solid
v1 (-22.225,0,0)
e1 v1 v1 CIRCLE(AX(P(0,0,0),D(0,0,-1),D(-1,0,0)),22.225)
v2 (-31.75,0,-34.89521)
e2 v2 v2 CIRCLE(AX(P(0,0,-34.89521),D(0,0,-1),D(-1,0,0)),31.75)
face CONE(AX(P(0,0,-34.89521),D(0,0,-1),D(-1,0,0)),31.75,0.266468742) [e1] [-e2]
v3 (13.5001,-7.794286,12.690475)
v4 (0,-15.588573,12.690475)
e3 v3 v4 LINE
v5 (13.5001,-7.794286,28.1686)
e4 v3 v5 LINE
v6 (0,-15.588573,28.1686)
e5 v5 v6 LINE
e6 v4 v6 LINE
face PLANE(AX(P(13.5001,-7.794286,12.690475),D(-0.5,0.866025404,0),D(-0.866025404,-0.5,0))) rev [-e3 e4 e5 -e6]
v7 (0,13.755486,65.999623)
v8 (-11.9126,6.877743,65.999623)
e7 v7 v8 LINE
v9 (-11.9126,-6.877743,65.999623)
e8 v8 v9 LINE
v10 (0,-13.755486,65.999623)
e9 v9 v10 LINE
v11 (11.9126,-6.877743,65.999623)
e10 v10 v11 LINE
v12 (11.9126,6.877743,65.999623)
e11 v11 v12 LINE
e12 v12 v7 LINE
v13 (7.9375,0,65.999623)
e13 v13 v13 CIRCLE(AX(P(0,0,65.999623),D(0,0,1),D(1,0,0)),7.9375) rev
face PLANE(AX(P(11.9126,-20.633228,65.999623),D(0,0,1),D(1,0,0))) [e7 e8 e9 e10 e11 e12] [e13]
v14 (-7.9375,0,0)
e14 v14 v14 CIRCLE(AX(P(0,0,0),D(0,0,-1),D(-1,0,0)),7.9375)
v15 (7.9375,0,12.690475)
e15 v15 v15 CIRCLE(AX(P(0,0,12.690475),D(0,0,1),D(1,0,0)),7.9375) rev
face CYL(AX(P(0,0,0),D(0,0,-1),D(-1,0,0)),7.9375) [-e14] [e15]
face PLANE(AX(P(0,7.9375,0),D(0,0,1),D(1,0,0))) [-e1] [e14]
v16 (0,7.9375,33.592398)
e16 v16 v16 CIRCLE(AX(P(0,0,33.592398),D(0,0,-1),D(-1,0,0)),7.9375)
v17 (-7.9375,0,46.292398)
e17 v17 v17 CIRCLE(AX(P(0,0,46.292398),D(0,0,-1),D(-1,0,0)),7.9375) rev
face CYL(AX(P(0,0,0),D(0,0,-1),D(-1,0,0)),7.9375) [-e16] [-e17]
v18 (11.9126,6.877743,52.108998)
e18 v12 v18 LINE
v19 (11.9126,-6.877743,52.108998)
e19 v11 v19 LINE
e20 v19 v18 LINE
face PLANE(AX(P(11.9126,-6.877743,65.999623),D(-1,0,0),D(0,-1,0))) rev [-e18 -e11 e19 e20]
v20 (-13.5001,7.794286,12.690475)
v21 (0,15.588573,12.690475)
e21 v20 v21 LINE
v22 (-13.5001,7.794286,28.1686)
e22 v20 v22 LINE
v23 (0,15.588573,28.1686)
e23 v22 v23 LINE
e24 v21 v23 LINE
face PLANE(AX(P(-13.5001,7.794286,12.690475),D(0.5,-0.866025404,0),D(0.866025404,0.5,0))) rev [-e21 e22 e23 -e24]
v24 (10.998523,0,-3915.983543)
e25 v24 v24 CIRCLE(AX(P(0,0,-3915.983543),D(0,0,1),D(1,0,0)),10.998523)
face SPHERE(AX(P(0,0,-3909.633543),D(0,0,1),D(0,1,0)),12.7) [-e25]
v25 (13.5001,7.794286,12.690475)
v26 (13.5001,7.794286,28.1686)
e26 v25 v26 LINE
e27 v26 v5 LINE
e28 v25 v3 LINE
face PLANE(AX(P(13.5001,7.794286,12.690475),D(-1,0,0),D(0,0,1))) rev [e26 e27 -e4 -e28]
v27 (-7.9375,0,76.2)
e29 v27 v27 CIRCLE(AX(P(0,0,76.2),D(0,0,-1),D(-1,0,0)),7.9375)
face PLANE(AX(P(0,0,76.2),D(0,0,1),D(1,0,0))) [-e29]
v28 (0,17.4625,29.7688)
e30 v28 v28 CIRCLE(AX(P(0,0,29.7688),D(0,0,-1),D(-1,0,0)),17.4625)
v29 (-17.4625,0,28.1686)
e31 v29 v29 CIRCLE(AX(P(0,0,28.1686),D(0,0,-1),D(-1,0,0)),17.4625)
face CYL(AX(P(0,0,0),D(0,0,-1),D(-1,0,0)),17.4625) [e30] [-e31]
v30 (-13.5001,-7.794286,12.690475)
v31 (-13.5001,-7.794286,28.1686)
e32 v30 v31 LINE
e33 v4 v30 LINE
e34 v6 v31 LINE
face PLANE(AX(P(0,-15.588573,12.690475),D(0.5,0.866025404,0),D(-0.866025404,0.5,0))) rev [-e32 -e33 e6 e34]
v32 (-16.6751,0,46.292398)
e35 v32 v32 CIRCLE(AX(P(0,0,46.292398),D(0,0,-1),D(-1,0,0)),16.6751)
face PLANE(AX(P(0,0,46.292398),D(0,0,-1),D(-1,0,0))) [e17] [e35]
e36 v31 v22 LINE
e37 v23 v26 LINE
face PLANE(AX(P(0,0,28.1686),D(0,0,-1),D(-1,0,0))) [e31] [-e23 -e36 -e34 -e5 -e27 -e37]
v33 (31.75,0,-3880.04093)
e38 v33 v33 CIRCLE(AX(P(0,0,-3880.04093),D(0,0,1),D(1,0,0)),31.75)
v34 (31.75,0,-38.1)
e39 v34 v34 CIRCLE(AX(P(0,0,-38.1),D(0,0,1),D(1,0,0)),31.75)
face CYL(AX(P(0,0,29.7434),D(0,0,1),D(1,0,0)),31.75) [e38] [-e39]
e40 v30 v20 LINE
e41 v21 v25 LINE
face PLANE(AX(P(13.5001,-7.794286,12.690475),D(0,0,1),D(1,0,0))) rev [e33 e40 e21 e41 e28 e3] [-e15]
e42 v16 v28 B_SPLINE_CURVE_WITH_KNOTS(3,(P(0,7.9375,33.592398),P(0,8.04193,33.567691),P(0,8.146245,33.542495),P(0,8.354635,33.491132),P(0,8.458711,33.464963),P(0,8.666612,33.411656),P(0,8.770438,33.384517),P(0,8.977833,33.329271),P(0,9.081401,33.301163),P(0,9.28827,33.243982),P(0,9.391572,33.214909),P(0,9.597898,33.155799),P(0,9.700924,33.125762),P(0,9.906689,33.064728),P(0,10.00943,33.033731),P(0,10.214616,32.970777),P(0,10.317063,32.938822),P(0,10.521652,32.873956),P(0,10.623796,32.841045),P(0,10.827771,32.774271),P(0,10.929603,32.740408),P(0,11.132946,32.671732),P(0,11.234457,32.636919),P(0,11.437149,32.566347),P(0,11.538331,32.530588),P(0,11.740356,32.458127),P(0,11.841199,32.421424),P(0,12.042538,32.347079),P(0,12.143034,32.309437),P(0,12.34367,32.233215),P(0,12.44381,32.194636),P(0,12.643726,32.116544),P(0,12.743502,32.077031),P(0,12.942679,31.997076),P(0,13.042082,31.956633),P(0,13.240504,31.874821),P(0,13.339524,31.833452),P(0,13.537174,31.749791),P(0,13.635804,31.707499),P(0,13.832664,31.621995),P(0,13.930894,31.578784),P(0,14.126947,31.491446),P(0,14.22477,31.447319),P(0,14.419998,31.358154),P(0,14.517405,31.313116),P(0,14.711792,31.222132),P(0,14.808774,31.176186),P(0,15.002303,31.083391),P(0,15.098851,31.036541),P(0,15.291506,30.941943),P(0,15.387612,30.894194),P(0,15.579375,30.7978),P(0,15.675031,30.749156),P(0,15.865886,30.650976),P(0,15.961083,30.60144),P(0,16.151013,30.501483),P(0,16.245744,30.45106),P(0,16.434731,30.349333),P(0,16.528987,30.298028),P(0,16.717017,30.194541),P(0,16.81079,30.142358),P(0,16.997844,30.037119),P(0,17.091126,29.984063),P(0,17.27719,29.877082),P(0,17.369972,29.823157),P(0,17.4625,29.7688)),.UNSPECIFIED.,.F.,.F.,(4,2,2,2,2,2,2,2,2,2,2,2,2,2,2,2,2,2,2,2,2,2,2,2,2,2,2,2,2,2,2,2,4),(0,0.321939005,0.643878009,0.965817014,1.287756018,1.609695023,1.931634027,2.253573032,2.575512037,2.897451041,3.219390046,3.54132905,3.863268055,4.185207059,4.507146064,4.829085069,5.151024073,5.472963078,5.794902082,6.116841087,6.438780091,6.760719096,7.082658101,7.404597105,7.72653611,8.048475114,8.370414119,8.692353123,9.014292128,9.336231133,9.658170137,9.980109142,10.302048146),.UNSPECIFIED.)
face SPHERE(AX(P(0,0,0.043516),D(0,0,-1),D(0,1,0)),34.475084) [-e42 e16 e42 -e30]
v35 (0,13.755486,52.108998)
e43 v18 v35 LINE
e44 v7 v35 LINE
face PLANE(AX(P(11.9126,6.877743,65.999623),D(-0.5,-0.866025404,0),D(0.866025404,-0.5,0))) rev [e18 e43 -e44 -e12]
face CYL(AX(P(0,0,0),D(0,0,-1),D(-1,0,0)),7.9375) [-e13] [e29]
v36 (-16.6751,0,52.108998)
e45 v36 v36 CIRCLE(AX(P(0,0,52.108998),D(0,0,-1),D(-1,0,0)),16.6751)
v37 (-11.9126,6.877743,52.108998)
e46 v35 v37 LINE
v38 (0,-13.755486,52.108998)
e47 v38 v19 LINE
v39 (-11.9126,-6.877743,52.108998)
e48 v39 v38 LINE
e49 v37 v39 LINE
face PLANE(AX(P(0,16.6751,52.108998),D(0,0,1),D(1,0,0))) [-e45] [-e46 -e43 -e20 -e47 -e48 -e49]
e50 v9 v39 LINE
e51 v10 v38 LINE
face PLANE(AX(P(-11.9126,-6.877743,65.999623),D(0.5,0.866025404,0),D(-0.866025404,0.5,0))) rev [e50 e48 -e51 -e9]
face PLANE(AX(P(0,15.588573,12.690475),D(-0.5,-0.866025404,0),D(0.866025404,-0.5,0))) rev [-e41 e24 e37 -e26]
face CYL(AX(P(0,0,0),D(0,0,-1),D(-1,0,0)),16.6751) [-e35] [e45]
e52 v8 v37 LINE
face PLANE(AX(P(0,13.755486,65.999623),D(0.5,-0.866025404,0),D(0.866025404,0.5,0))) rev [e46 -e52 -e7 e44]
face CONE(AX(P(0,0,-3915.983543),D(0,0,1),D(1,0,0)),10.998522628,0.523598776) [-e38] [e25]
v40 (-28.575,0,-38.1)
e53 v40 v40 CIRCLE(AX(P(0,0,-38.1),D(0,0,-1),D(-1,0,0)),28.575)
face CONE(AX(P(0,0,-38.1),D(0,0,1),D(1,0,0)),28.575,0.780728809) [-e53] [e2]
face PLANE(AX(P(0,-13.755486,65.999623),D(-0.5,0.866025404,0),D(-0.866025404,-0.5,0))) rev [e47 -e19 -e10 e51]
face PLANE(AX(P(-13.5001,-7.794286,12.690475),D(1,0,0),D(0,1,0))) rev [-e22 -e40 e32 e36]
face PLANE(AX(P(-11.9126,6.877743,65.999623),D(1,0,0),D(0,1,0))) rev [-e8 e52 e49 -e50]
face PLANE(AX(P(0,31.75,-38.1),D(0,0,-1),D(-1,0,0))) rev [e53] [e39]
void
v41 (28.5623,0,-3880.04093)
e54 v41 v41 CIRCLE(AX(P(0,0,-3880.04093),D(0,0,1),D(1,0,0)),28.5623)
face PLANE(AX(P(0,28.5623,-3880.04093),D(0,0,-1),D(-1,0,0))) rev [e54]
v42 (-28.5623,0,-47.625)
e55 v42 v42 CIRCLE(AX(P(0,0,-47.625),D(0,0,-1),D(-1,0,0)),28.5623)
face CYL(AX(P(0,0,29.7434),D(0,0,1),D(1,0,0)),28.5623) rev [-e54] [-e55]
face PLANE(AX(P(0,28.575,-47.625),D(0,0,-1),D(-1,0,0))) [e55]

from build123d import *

# Parameters (mm, degrees)
BOSS_EXTRUDE1_DEPTH = 15.478125
SKETCH5_W           = 5.8166
SKETCH5_H           = 16.6751
BOSS_EXTRUDE2_DEPTH = 13.890625


with BuildPart() as part:
    # Sketch1 → Base-Revolve (revolve)
    with BuildSketch(Plane(origin=(0, 0, 0), x_dir=(0, 0, -1), z_dir=(1, 0, 0))):
        Polygon((-76.2, 0), (-76.2, 7.9375), (0, 7.9375), (0, 22.225), (34.895210283, 31.75), (38.1, 28.575), (47.625, 28.575), (47.625, 0), align=None)
    revolve(axis=Axis((0, 0, 0), (0, 0, 1)))

    # Sketch3 → Boss-Revolve2 (revolve)
    with BuildSketch(Plane(origin=(0, 0, 0), x_dir=(0, 0, -1), z_dir=(1, 0, 0))):
        with BuildLine():
            Line((-28.1686, 0), (-28.1686, 17.4625))
            Line((-28.1686, 17.4625), (-29.7688, 17.4625))
            ThreePointArc((-29.7688, 17.4625), (-33.309963658, 9.048473715), (-34.5186, 0))
            Line((-34.5186, 0), (-28.1686, 0))
        make_face()
    revolve(axis=Axis((0, 0, 0), (0, 0, 1)))

    # Sketch2 → Boss-Revolve1 (revolve)
    with BuildSketch(Plane(origin=(0, 0, 0), x_dir=(0, 0, -1), z_dir=(1, 0, 0))):
        with BuildLine():
            Line((38.1, 31.75), (38.1, 28.5623))
            Line((38.1, 28.5623), (3880.040929955, 28.5623))
            Line((3880.040929955, 28.5623), (3880.040929955, 0))
            Line((3880.040929955, 0), (3922.333543095, 0))
            ThreePointArc((3922.333543095, 0), (3920.632065723, 6.35), (3915.983543095, 10.998522628))
            Line((3915.983543095, 10.998522628), (3880.040929955, 31.75))
            Line((3880.040929955, 31.75), (38.1, 31.75))
        make_face()
    revolve(axis=Axis((0, 0, 29.7434), (0, 0, -1)))

    # Sketch4 → Boss-Extrude1 (add)
    with BuildSketch(Plane(origin=(0, 0, 28.1686), x_dir=(-1, 0, 0), z_dir=(0, 0, -1))):
        Polygon((0, -15.588572738), (13.5001, -7.794286369), (13.5001, 7.794286369), (0, 15.588572738), (-13.5001, 7.794286369), (-13.5001, -7.794286369), align=None)
    extrude(amount=BOSS_EXTRUDE1_DEPTH)

    # Sketch5 → Boss-Revolve3 (revolve)
    with BuildSketch(Plane(origin=(0, 0, 0), x_dir=(0, 0, -1), z_dir=(1, 0, 0))):
        with Locations((-49.200698399, 8.33755)):
            Rectangle(SKETCH5_W, SKETCH5_H)
    revolve(axis=Axis((0, 0, 0), (0, 0, 1)))

    # Sketch6 → Boss-Extrude2 (add)
    with BuildSketch(Plane.XY.offset(52.108998399)):
        Polygon((0, -13.755485633), (11.9126, -6.877742817), (11.9126, 6.877742817), (0, 13.755485633), (-11.9126, 6.877742817), (-11.9126, -6.877742817), align=None)
    extrude(amount=BOSS_EXTRUDE2_DEPTH)


solid = part.part
